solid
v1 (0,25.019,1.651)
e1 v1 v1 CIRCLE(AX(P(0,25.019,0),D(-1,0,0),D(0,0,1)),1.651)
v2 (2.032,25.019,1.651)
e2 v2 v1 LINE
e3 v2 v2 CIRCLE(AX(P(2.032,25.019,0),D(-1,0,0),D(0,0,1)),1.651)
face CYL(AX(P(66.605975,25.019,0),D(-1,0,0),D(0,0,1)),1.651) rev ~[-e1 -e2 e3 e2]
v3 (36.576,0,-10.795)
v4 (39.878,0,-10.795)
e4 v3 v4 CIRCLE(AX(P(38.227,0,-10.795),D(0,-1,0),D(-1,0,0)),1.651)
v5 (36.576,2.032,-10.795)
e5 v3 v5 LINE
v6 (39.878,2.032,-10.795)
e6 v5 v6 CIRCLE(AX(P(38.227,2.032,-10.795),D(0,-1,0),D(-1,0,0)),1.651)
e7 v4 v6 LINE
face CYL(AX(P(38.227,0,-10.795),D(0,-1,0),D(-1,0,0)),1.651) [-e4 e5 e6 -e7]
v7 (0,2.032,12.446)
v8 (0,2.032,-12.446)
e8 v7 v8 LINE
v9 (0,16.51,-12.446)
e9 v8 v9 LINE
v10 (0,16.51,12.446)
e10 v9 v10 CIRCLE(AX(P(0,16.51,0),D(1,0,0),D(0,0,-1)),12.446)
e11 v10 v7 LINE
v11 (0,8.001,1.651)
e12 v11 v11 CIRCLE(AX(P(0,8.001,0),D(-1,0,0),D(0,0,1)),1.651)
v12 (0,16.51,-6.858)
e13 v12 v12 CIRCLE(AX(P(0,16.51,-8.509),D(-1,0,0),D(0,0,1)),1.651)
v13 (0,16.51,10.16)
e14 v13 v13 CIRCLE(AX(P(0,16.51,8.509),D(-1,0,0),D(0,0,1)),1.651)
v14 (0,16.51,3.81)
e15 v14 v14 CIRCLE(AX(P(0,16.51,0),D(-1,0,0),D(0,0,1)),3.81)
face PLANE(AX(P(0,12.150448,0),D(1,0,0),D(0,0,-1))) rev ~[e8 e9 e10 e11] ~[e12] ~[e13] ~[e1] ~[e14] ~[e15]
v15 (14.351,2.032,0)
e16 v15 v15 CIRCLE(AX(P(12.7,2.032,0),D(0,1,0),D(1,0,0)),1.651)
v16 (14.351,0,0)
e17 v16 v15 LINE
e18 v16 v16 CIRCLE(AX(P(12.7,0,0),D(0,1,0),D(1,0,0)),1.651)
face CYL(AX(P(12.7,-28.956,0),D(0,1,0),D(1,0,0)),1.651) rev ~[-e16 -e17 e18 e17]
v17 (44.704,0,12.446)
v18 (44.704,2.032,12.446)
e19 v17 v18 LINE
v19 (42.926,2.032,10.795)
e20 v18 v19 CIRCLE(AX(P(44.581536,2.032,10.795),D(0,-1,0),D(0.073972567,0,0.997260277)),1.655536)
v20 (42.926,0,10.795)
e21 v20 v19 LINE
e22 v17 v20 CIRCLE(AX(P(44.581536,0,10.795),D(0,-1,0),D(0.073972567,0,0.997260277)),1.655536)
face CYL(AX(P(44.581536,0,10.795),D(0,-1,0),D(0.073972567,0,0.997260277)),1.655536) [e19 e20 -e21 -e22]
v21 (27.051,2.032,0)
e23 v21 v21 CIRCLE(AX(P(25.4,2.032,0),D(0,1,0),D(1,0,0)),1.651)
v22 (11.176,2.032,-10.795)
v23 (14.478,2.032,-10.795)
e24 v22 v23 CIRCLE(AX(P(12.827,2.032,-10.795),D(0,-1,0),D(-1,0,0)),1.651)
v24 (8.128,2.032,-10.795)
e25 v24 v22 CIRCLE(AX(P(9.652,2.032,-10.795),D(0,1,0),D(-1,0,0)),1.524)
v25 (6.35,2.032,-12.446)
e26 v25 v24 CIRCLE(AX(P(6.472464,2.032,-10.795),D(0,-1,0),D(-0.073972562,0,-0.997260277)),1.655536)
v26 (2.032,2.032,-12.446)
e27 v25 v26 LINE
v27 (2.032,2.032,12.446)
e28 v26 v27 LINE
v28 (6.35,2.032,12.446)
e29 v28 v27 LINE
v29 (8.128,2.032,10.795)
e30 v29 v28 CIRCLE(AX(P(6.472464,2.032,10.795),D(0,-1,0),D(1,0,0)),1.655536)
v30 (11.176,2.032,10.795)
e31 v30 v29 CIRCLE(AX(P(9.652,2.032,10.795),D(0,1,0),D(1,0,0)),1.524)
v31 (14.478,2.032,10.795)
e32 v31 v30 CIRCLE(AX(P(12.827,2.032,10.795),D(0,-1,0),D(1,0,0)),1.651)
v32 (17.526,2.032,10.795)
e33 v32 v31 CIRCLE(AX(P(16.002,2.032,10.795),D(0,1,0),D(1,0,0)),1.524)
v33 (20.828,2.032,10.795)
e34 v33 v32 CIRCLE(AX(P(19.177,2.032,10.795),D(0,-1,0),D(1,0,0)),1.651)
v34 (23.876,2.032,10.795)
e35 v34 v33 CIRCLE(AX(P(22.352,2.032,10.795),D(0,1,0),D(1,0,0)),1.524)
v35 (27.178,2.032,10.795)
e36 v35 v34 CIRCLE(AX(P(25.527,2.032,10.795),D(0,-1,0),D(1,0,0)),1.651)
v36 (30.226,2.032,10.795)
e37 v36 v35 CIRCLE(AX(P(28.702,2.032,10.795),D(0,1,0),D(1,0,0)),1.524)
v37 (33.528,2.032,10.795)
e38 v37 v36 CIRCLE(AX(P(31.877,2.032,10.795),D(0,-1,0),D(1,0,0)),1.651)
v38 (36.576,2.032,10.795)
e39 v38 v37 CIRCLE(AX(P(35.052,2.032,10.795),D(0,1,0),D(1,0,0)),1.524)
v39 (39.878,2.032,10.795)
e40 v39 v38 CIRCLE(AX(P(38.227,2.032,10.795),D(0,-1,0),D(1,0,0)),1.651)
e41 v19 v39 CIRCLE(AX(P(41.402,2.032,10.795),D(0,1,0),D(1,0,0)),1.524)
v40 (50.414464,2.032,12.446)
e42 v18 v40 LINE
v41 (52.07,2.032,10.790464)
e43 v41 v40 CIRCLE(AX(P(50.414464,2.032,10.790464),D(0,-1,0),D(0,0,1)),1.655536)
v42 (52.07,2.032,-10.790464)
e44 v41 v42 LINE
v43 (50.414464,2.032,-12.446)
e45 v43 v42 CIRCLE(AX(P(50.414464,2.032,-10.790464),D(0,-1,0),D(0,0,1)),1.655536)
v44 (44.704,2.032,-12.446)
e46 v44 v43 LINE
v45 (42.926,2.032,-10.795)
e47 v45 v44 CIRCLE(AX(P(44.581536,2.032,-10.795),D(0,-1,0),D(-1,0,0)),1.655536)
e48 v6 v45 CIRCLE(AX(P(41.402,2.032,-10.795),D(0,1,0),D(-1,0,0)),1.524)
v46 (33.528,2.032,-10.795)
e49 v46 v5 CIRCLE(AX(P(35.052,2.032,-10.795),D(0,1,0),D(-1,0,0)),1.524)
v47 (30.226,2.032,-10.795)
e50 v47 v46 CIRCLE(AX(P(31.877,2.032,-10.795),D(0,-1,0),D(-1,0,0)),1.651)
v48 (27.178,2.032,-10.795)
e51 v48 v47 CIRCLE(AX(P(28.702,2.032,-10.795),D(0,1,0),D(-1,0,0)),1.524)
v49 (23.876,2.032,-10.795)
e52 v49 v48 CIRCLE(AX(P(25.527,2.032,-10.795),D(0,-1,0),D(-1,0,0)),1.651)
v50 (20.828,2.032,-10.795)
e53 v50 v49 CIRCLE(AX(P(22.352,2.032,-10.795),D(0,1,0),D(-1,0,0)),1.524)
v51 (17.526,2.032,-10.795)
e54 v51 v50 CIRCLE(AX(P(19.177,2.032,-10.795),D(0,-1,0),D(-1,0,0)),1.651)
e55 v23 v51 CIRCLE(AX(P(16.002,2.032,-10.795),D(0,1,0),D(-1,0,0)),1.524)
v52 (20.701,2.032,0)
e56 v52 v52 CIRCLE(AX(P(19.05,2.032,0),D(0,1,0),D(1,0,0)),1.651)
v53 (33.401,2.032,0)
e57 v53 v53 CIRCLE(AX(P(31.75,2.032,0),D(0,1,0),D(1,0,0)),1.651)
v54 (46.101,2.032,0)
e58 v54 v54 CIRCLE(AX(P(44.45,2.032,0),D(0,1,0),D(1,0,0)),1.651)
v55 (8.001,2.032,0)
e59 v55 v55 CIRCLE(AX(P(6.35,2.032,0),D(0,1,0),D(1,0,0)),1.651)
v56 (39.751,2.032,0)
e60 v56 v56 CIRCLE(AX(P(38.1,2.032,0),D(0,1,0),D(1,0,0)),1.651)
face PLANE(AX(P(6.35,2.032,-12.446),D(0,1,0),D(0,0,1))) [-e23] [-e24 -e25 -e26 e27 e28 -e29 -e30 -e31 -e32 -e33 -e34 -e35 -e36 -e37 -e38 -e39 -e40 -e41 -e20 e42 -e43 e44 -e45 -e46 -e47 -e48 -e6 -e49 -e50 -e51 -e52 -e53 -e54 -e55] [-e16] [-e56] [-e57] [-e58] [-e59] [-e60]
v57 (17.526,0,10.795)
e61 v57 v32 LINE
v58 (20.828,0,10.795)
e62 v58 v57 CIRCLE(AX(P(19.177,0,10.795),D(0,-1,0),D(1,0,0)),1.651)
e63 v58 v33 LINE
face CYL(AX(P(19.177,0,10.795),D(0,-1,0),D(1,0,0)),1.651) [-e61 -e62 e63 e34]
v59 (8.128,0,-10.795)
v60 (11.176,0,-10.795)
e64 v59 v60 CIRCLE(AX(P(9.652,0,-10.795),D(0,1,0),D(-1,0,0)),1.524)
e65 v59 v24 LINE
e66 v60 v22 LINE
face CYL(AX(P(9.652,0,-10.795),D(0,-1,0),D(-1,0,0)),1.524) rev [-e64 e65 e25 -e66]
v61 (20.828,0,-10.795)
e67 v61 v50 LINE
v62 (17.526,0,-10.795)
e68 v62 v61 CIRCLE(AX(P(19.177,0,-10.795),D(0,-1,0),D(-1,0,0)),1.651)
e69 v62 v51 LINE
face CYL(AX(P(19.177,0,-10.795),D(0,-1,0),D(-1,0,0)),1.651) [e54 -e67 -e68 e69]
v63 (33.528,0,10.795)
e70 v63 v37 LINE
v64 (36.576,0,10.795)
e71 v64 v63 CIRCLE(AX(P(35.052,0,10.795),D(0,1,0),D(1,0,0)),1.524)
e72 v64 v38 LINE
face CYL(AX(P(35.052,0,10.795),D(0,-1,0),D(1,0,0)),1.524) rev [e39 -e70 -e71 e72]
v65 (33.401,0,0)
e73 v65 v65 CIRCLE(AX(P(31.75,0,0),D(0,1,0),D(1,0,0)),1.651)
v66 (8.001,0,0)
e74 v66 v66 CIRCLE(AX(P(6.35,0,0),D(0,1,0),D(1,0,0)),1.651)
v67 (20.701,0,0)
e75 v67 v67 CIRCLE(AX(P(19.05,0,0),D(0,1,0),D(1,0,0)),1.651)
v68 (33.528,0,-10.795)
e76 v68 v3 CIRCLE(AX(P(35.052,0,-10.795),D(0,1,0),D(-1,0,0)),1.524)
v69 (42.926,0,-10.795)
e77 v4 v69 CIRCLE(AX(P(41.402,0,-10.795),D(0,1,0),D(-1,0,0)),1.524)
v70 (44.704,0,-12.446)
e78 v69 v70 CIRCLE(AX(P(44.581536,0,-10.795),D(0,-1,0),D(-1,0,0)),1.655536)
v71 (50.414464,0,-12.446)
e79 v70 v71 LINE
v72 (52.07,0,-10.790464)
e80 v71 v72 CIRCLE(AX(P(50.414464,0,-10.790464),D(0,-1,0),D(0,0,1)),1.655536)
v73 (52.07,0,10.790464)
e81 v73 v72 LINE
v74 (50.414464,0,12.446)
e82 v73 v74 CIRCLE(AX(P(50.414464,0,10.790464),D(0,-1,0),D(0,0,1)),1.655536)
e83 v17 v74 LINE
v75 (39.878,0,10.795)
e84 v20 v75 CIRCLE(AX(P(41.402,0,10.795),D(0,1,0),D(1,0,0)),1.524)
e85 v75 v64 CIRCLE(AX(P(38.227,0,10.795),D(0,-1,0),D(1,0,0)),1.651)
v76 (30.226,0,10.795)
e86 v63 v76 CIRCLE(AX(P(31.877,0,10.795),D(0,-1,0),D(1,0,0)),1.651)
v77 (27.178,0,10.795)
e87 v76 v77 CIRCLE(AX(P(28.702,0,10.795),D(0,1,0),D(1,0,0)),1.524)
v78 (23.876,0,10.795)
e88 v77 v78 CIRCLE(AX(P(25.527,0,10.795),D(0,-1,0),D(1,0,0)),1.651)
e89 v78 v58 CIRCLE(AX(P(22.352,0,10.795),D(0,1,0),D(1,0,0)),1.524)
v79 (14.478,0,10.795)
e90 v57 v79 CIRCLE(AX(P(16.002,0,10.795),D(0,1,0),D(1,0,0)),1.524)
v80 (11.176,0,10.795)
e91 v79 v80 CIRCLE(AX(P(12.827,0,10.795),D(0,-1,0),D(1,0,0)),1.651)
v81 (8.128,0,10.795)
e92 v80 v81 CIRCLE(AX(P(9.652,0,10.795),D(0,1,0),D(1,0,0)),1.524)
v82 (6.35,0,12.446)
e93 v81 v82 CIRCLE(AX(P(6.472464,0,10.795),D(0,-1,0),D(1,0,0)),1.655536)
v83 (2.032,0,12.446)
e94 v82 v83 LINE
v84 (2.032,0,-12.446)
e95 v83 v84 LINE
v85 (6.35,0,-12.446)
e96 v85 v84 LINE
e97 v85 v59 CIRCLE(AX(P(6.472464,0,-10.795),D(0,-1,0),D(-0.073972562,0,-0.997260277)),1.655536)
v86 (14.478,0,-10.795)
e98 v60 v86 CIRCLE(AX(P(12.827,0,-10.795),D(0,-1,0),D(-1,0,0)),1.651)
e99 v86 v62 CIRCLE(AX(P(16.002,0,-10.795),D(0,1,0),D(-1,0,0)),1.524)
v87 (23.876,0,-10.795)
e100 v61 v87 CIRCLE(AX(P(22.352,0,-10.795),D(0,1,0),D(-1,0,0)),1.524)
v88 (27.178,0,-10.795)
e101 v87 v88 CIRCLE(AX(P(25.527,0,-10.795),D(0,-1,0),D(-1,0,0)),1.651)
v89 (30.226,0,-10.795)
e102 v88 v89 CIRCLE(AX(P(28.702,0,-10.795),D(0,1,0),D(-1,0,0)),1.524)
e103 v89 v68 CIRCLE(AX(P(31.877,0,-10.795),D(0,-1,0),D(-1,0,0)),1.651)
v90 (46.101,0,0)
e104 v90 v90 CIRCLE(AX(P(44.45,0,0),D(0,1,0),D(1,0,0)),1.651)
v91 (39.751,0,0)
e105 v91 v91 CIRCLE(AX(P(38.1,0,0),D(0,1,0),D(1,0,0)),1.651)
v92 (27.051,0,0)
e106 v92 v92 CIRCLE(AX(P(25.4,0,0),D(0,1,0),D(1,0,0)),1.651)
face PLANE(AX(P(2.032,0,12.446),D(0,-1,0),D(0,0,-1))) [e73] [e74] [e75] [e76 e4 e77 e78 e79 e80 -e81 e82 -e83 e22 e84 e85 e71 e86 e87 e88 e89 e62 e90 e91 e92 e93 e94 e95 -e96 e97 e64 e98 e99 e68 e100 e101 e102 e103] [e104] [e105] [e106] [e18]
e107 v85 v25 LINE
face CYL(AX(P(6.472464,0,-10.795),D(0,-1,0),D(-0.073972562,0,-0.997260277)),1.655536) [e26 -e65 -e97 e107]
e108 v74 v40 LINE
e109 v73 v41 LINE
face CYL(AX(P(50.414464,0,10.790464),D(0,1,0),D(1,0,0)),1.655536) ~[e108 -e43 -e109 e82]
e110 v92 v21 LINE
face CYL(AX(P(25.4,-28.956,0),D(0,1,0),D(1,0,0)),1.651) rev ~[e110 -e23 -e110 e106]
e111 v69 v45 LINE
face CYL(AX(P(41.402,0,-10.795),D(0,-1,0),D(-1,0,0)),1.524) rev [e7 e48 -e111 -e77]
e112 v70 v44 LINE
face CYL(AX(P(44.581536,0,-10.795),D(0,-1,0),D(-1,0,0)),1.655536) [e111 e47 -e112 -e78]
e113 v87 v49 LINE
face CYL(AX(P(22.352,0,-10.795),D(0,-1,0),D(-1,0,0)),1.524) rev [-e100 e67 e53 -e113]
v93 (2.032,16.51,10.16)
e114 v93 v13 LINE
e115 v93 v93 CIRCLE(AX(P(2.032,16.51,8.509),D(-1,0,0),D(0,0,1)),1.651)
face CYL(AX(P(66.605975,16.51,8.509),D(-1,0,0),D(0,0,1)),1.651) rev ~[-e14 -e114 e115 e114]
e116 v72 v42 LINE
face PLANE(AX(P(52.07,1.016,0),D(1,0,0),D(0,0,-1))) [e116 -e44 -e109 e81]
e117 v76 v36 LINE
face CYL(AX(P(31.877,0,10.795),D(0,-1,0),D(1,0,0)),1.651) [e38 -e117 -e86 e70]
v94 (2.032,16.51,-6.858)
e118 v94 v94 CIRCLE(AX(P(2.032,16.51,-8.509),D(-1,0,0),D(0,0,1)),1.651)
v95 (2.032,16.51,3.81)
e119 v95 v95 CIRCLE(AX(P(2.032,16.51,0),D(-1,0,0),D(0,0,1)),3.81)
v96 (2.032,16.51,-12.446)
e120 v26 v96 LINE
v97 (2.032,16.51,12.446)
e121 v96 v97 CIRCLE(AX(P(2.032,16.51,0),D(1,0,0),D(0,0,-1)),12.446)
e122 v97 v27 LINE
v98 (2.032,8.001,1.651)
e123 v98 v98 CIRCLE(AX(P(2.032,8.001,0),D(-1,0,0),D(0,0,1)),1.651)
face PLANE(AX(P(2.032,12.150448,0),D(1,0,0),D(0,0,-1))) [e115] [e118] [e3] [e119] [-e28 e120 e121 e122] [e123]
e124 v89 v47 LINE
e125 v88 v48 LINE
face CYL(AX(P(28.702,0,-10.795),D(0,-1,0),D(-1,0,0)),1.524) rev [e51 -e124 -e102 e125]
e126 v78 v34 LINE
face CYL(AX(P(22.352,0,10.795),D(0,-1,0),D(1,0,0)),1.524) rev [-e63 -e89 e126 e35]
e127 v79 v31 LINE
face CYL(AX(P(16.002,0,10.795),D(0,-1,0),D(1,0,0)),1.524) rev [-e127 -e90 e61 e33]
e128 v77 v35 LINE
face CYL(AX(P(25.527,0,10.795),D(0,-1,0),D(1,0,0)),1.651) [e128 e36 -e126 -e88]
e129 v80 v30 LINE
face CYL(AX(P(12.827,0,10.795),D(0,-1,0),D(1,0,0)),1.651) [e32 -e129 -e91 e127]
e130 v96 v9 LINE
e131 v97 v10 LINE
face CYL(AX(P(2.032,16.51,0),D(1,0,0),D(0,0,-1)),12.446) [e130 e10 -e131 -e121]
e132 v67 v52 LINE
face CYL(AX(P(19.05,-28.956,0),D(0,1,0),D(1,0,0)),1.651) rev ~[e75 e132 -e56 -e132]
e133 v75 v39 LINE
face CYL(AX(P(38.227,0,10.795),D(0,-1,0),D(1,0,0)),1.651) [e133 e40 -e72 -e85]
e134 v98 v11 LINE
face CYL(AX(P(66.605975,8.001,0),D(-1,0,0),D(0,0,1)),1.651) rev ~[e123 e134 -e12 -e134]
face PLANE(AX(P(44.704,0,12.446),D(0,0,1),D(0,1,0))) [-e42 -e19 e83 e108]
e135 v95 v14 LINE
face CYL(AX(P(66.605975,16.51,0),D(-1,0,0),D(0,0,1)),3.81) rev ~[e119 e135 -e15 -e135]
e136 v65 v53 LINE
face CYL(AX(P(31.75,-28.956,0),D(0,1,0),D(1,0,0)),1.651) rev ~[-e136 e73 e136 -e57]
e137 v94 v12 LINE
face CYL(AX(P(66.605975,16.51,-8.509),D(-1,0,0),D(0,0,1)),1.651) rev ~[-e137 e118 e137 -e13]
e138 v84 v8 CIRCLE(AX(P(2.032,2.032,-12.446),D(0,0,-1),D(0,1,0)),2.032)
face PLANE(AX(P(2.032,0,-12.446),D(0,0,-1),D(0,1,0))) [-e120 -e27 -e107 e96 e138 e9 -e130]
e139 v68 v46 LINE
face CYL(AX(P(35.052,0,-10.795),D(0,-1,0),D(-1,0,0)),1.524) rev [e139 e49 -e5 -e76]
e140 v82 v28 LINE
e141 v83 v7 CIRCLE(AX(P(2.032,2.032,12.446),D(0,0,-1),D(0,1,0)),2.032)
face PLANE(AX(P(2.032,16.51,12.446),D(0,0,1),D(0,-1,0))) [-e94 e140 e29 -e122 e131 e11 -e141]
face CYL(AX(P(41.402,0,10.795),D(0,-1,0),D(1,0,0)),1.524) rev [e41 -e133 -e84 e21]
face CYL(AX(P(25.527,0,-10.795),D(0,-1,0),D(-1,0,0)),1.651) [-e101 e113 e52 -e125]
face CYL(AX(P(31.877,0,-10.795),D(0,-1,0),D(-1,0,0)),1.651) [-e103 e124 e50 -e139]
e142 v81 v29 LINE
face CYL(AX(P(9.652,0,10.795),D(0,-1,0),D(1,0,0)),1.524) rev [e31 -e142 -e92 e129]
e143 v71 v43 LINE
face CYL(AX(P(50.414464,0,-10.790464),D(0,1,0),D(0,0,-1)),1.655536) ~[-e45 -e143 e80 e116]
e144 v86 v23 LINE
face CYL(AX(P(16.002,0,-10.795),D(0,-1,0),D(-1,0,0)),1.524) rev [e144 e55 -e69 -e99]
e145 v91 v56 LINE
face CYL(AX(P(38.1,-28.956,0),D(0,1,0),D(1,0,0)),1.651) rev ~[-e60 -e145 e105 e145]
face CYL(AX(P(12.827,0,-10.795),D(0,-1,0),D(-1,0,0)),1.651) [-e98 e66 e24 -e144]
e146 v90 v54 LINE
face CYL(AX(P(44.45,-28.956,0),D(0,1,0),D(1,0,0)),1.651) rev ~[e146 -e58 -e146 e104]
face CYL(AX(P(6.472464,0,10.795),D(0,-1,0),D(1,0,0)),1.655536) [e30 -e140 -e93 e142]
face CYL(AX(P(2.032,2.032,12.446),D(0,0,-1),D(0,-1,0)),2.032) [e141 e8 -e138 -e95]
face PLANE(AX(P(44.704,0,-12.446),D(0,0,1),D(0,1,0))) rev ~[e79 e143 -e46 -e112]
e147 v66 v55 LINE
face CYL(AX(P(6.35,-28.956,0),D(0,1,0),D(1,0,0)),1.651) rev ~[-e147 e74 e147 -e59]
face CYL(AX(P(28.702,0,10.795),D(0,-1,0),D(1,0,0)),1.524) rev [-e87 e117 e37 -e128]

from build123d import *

# Parameters (mm, degrees)
BOSS_EXTRUDE1_DEPTH      = 2.032
SKETCH2_W                = 24.892
SKETCH2_H                = 2.032
BOSS_EXTRUDE2_DEPTH      = 7.366000072
SKETCH3_W                = 24.892
SKETCH3_H                = 2.032
BOSS_EXTRUDE3_DEPTH      = 4.318000079
BOSS_EXTRUDE4_DEPTH      = 2.032
M7_CLEARANCE_HOLE1_D     = 7.62
M3_CLEARANCE_HOLE1_D     = 3.302
M3_CLEARANCE_HOLE2_D     = 3.302
M3_CLEARANCE_HOLE2_DEPTH = 28.956
FILLET1_R                = 1.655535703
FILLET2_R                = 2.032


with BuildPart() as part:
    # Sketch1 → Boss-Extrude1 (new body)
    with BuildSketch(Plane.XZ):
        with BuildLine():
            Line((44.703999934, -12.446), (44.703999934, 12.446))
            ThreePointArc((44.703999934, 12.446), (43.455024595, 12.008165774), (42.926000003, 10.795000003))
            ThreePointArc((42.926000003, 10.795000003), (41.402000003, 9.271000003), (39.878000003, 10.795000003))
            ThreePointArc((39.878000003, 10.795000003), (38.227000003, 12.446000003), (36.576000003, 10.795000003))
            ThreePointArc((36.576000003, 10.795000003), (35.052000003, 9.271000003), (33.528000003, 10.795000003))
            ThreePointArc((33.528000003, 10.795000003), (31.877000003, 12.446000003), (30.226000003, 10.795000003))
            ThreePointArc((30.226000003, 10.795000003), (28.702000003, 9.271000003), (27.178000003, 10.795000003))
            ThreePointArc((27.178000003, 10.795000003), (25.527000003, 12.446000003), (23.876000003, 10.795000003))
            ThreePointArc((23.876000003, 10.795000003), (22.352000003, 9.271000003), (20.828000003, 10.795000003))
            ThreePointArc((20.828000003, 10.795000003), (19.177000003, 12.446000003), (17.526000003, 10.795000003))
            ThreePointArc((17.526000003, 10.795000003), (16.002000003, 9.271000003), (14.478000003, 10.795000003))
            ThreePointArc((14.478000003, 10.795000003), (12.827000003, 12.446000003), (11.176000003, 10.795000003))
            ThreePointArc((11.176000003, 10.795000003), (9.652000003, 9.271000003), (8.128000003, 10.795000003))
            ThreePointArc((8.128000003, 10.795000003), (7.598975413, 12.008165771), (6.350000079, 12.446))
            Line((6.350000079, 12.446), (6.350000079, -12.446))
            ThreePointArc((6.350000079, -12.446), (7.598975413, -12.008165771), (8.128000003, -10.795000003))
            ThreePointArc((8.128000003, -10.795000003), (9.652000003, -9.271000003), (11.176000003, -10.795000003))
            ThreePointArc((11.176000003, -10.795000003), (12.827000003, -12.446000003), (14.478000003, -10.795000003))
            ThreePointArc((14.478000003, -10.795000003), (16.002000003, -9.271000003), (17.526000003, -10.795000003))
            ThreePointArc((17.526000003, -10.795000003), (19.177000003, -12.446000003), (20.828000003, -10.795000003))
            ThreePointArc((20.828000003, -10.795000003), (22.352000003, -9.271000003), (23.876000003, -10.795000003))
            ThreePointArc((23.876000003, -10.795000003), (25.527000003, -12.446000003), (27.178000003, -10.795000003))
            ThreePointArc((27.178000003, -10.795000003), (28.702000003, -9.271000003), (30.226000003, -10.795000003))
            ThreePointArc((30.226000003, -10.795000003), (31.877000003, -12.446000003), (33.528000003, -10.795000003))
            ThreePointArc((33.528000003, -10.795000003), (35.052000003, -9.271000003), (36.576000003, -10.795000003))
            ThreePointArc((36.576000003, -10.795000003), (38.227000003, -12.446000003), (39.878000003, -10.795000003))
            ThreePointArc((39.878000003, -10.795000003), (41.402000003, -9.271000003), (42.926000003, -10.795000003))
            ThreePointArc((42.926000003, -10.795000003), (43.455024595, -12.008165773), (44.703999934, -12.446))
        make_face()
    extrude(amount=-BOSS_EXTRUDE1_DEPTH)

    # Sketch2 → Boss-Extrude2 (add)
    with BuildSketch(Plane(origin=(44.703999934, 0, 0), x_dir=(0, 0, -1), z_dir=(1, 0, 0))):
        with Locations((0, 1.016)):
            Rectangle(SKETCH2_W, SKETCH2_H)
    extrude(amount=BOSS_EXTRUDE2_DEPTH)

    # Sketch3 → Boss-Extrude3 (add)
    with BuildSketch(Plane.ZY.offset(-6.350000079)):
        with Locations((0, 1.016)):
            Rectangle(SKETCH3_W, SKETCH3_H)
    extrude(amount=BOSS_EXTRUDE3_DEPTH)

    # Sketch4 → Boss-Extrude4 (add)
    with BuildSketch(Plane.ZY.offset(-2.032)):
        with BuildLine():
            Line((-12.446, 0), (-12.446, 16.51))
            ThreePointArc((-12.446, 16.51), (0, 28.956), (12.446, 16.51))
            Line((12.446, 16.51), (12.446, 0))
            Line((12.446, 0), (-12.446, 0))
        make_face()
    extrude(amount=BOSS_EXTRUDE4_DEPTH)

    # M7 Clearance Hole1 (through all)
    with Locations(Plane(origin=(2.032, 0, 0), x_dir=(0, 0, -1), z_dir=(1, 0, 0))):
        with Locations((0, 16.51)):
            Hole(M7_CLEARANCE_HOLE1_D / 2)

    # M3 Clearance Hole1 (through all)
    with Locations(Plane(origin=(2.032, 0, 0), x_dir=(0, 0, -1), z_dir=(1, 0, 0))):
        with Locations((0, 25.019), (0, 8.001), (-8.509, 16.51), (8.509, 16.51)):
            Hole(M3_CLEARANCE_HOLE1_D / 2)

    # M3 Clearance Hole2
    with Locations(Plane(origin=(0, 0, 0), x_dir=(-1, 0, 0), z_dir=(0, -1, 0))):
        with Locations((-38.1, 0), (-25.4, 0), (-12.7, 0), (-6.35, 0), (-19.05, 0), (-31.75, 0), (-44.45, 0)):
            Hole(M3_CLEARANCE_HOLE2_D / 2, depth=M3_CLEARANCE_HOLE2_DEPTH)

    # Fillet1
    fillet1_edges = [part.edges().sort_by_distance(p)[0] for p in [
        (52.070000006, 1.016, -12.446),
        (52.070000006, 1.016, 12.446),
    ]]
    fillet(fillet1_edges, radius=FILLET1_R)

    # Fillet2
    fillet2_edges = [part.edges().sort_by_distance(p)[0] for p in [
        (0, 0, 0),
    ]]
    fillet(fillet2_edges, radius=FILLET2_R)


solid = part.part
